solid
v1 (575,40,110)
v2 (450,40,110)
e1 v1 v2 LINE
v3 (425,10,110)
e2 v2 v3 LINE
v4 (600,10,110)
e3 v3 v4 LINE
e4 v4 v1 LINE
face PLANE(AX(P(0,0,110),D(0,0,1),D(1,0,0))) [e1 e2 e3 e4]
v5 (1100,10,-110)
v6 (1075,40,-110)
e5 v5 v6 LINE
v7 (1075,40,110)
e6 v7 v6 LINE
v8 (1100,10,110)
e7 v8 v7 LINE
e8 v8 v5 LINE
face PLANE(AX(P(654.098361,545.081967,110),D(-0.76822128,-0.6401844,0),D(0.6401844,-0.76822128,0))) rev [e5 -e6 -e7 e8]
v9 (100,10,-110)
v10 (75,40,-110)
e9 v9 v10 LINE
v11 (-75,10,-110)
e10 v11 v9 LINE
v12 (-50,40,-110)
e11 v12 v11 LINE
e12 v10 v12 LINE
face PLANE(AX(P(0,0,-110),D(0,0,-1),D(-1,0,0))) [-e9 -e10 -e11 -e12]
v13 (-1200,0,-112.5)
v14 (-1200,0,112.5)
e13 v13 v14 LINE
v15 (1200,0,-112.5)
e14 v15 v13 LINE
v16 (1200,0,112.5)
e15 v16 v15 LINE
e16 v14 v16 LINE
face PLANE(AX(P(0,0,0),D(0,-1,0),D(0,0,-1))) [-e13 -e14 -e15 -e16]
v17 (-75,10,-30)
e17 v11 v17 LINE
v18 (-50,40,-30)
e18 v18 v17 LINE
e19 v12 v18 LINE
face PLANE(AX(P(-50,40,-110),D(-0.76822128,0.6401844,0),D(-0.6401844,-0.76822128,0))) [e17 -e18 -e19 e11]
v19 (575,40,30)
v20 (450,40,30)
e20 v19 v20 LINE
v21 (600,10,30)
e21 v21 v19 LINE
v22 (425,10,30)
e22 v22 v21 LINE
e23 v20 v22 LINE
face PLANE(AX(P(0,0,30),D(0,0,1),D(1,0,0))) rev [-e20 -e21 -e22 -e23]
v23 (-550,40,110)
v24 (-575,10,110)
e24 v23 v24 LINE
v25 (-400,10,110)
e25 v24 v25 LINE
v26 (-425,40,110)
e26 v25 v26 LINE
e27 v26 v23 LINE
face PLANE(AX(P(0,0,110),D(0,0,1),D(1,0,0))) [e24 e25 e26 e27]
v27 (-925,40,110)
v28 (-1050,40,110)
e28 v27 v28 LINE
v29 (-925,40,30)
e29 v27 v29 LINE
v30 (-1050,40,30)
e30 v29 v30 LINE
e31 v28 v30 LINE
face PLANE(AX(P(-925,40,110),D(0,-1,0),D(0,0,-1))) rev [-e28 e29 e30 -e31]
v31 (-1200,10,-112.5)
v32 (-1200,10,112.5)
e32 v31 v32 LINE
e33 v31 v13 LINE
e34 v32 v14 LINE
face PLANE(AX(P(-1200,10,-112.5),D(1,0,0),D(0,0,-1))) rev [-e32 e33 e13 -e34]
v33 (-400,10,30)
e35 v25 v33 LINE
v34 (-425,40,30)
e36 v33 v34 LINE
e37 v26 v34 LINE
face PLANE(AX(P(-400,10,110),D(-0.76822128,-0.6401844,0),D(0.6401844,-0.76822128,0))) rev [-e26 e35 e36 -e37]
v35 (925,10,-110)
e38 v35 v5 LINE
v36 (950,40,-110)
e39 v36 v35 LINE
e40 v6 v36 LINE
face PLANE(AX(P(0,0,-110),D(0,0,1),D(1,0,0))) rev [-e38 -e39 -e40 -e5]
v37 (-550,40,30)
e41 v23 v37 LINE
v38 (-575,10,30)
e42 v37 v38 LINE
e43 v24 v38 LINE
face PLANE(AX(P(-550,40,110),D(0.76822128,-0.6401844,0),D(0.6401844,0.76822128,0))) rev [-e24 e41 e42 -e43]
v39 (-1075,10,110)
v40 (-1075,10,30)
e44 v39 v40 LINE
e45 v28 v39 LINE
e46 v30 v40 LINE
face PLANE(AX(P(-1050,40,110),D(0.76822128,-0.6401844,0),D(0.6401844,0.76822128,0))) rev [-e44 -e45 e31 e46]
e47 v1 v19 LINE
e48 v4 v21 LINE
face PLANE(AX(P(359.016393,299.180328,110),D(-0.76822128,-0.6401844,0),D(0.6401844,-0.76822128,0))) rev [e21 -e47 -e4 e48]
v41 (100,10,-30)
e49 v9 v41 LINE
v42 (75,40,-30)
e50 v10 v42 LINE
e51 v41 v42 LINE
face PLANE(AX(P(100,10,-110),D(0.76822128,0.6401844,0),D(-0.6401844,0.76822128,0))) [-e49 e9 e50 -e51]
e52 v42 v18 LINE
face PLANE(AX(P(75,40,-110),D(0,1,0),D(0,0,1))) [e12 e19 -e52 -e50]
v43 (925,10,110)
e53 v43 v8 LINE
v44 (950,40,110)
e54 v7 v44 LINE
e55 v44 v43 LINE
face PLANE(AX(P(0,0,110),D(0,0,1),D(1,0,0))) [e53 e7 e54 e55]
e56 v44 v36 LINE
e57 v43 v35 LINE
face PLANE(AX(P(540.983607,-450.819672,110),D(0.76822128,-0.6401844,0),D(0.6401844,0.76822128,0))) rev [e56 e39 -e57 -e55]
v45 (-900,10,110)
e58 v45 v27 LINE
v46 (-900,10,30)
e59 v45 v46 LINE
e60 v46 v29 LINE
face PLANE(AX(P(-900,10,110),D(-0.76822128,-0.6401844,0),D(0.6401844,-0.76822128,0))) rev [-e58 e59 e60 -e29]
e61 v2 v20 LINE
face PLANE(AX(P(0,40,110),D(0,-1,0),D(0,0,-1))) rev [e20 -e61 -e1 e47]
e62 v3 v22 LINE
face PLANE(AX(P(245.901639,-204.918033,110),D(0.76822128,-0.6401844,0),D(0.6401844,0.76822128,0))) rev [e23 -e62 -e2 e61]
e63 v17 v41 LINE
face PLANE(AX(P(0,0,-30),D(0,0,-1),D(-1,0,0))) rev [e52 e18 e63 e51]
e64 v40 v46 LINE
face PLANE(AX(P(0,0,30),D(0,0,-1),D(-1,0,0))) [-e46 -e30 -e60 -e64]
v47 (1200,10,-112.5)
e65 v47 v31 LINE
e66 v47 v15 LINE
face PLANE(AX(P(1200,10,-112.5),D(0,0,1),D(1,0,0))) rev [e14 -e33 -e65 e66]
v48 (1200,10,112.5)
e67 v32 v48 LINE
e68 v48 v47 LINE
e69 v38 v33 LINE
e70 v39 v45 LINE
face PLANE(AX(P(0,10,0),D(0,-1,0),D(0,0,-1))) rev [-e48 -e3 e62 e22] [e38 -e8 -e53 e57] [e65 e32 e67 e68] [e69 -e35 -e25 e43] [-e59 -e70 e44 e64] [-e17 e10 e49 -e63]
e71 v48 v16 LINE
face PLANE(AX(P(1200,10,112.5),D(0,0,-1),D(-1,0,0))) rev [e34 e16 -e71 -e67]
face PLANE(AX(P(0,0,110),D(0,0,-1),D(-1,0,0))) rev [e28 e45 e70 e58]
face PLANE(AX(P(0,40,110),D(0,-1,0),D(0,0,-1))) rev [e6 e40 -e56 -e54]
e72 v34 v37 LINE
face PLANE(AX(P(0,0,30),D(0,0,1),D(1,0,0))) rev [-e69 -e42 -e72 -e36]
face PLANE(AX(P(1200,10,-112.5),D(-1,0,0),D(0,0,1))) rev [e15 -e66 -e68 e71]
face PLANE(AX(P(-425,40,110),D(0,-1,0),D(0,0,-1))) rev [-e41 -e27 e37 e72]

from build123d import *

# Parameters (mm, degrees)
SKETCH1_W                = 2400
SKETCH1_H                = 225
BOSS_EXTRUDE1_DEPTH      = 10
BOSS_EXTRUDE3_START      = 30
BOSS_EXTRUDE3_DEPTH      = 80
BOSS_EXTRUDE5_START      = 30
BOSS_EXTRUDE5_DEPTH      = 80
BOSS_EXTRUDE6_START      = -30
BOSS_EXTRUDE6_DEPTH      = 80
BOSS_EXTRUDE7_START      = 30
BOSS_EXTRUDE7_DEPTH      = 80
BOSS_EXTRUDE8_DEPTH      = 80
BOSS_EXTRUDE8_DEPTH_BACK = 140
BOSS_EXTRUDE8_START      = 30


with BuildPart() as part:
    # Sketch1 → Boss-Extrude1 (new body)
    with BuildSketch(Plane(origin=(0, 0, 0), x_dir=(1, 0, 0), z_dir=(0, 1, 0))):
        Rectangle(SKETCH1_W, SKETCH1_H)
    extrude(amount=BOSS_EXTRUDE1_DEPTH)

    # Sketch4 → Boss-Extrude3 (add)
    with BuildSketch(Plane.XY.offset(BOSS_EXTRUDE3_START)):
        Polygon((-1075, 10), (-900, 10), (-925, 40), (-1050, 40), align=None)
    extrude(amount=BOSS_EXTRUDE3_DEPTH)

    # Sketch6 → Boss-Extrude5 (add)
    with BuildSketch(Plane.XY.offset(BOSS_EXTRUDE5_START)):
        Polygon((-550, 40), (-575, 10), (-400, 10), (-425, 40), align=None)
    extrude(amount=BOSS_EXTRUDE5_DEPTH)

    # Sketch5 → Boss-Extrude6 (add)
    with BuildSketch(Plane.XY.offset(BOSS_EXTRUDE6_START)):
        Polygon((-75, 10), (100, 10), (75, 40), (-50, 40), align=None)
    extrude(amount=-BOSS_EXTRUDE6_DEPTH)

    # Sketch7 → Boss-Extrude7 (add)
    with BuildSketch(Plane.XY.offset(BOSS_EXTRUDE7_START)):
        Polygon((575, 40), (450, 40), (425, 10), (600, 10), align=None)
    extrude(amount=BOSS_EXTRUDE7_DEPTH)

    # Sketch8 → Boss-Extrude8 (add, two sides: drawn at the far end of the back side and taken through both)
    with BuildSketch(Plane.XY.offset(BOSS_EXTRUDE8_START - BOSS_EXTRUDE8_DEPTH_BACK)):
        Polygon((1075, 40), (950, 40), (925, 10), (1100, 10), align=None)
    extrude(amount=BOSS_EXTRUDE8_DEPTH + BOSS_EXTRUDE8_DEPTH_BACK)


solid = part.part
